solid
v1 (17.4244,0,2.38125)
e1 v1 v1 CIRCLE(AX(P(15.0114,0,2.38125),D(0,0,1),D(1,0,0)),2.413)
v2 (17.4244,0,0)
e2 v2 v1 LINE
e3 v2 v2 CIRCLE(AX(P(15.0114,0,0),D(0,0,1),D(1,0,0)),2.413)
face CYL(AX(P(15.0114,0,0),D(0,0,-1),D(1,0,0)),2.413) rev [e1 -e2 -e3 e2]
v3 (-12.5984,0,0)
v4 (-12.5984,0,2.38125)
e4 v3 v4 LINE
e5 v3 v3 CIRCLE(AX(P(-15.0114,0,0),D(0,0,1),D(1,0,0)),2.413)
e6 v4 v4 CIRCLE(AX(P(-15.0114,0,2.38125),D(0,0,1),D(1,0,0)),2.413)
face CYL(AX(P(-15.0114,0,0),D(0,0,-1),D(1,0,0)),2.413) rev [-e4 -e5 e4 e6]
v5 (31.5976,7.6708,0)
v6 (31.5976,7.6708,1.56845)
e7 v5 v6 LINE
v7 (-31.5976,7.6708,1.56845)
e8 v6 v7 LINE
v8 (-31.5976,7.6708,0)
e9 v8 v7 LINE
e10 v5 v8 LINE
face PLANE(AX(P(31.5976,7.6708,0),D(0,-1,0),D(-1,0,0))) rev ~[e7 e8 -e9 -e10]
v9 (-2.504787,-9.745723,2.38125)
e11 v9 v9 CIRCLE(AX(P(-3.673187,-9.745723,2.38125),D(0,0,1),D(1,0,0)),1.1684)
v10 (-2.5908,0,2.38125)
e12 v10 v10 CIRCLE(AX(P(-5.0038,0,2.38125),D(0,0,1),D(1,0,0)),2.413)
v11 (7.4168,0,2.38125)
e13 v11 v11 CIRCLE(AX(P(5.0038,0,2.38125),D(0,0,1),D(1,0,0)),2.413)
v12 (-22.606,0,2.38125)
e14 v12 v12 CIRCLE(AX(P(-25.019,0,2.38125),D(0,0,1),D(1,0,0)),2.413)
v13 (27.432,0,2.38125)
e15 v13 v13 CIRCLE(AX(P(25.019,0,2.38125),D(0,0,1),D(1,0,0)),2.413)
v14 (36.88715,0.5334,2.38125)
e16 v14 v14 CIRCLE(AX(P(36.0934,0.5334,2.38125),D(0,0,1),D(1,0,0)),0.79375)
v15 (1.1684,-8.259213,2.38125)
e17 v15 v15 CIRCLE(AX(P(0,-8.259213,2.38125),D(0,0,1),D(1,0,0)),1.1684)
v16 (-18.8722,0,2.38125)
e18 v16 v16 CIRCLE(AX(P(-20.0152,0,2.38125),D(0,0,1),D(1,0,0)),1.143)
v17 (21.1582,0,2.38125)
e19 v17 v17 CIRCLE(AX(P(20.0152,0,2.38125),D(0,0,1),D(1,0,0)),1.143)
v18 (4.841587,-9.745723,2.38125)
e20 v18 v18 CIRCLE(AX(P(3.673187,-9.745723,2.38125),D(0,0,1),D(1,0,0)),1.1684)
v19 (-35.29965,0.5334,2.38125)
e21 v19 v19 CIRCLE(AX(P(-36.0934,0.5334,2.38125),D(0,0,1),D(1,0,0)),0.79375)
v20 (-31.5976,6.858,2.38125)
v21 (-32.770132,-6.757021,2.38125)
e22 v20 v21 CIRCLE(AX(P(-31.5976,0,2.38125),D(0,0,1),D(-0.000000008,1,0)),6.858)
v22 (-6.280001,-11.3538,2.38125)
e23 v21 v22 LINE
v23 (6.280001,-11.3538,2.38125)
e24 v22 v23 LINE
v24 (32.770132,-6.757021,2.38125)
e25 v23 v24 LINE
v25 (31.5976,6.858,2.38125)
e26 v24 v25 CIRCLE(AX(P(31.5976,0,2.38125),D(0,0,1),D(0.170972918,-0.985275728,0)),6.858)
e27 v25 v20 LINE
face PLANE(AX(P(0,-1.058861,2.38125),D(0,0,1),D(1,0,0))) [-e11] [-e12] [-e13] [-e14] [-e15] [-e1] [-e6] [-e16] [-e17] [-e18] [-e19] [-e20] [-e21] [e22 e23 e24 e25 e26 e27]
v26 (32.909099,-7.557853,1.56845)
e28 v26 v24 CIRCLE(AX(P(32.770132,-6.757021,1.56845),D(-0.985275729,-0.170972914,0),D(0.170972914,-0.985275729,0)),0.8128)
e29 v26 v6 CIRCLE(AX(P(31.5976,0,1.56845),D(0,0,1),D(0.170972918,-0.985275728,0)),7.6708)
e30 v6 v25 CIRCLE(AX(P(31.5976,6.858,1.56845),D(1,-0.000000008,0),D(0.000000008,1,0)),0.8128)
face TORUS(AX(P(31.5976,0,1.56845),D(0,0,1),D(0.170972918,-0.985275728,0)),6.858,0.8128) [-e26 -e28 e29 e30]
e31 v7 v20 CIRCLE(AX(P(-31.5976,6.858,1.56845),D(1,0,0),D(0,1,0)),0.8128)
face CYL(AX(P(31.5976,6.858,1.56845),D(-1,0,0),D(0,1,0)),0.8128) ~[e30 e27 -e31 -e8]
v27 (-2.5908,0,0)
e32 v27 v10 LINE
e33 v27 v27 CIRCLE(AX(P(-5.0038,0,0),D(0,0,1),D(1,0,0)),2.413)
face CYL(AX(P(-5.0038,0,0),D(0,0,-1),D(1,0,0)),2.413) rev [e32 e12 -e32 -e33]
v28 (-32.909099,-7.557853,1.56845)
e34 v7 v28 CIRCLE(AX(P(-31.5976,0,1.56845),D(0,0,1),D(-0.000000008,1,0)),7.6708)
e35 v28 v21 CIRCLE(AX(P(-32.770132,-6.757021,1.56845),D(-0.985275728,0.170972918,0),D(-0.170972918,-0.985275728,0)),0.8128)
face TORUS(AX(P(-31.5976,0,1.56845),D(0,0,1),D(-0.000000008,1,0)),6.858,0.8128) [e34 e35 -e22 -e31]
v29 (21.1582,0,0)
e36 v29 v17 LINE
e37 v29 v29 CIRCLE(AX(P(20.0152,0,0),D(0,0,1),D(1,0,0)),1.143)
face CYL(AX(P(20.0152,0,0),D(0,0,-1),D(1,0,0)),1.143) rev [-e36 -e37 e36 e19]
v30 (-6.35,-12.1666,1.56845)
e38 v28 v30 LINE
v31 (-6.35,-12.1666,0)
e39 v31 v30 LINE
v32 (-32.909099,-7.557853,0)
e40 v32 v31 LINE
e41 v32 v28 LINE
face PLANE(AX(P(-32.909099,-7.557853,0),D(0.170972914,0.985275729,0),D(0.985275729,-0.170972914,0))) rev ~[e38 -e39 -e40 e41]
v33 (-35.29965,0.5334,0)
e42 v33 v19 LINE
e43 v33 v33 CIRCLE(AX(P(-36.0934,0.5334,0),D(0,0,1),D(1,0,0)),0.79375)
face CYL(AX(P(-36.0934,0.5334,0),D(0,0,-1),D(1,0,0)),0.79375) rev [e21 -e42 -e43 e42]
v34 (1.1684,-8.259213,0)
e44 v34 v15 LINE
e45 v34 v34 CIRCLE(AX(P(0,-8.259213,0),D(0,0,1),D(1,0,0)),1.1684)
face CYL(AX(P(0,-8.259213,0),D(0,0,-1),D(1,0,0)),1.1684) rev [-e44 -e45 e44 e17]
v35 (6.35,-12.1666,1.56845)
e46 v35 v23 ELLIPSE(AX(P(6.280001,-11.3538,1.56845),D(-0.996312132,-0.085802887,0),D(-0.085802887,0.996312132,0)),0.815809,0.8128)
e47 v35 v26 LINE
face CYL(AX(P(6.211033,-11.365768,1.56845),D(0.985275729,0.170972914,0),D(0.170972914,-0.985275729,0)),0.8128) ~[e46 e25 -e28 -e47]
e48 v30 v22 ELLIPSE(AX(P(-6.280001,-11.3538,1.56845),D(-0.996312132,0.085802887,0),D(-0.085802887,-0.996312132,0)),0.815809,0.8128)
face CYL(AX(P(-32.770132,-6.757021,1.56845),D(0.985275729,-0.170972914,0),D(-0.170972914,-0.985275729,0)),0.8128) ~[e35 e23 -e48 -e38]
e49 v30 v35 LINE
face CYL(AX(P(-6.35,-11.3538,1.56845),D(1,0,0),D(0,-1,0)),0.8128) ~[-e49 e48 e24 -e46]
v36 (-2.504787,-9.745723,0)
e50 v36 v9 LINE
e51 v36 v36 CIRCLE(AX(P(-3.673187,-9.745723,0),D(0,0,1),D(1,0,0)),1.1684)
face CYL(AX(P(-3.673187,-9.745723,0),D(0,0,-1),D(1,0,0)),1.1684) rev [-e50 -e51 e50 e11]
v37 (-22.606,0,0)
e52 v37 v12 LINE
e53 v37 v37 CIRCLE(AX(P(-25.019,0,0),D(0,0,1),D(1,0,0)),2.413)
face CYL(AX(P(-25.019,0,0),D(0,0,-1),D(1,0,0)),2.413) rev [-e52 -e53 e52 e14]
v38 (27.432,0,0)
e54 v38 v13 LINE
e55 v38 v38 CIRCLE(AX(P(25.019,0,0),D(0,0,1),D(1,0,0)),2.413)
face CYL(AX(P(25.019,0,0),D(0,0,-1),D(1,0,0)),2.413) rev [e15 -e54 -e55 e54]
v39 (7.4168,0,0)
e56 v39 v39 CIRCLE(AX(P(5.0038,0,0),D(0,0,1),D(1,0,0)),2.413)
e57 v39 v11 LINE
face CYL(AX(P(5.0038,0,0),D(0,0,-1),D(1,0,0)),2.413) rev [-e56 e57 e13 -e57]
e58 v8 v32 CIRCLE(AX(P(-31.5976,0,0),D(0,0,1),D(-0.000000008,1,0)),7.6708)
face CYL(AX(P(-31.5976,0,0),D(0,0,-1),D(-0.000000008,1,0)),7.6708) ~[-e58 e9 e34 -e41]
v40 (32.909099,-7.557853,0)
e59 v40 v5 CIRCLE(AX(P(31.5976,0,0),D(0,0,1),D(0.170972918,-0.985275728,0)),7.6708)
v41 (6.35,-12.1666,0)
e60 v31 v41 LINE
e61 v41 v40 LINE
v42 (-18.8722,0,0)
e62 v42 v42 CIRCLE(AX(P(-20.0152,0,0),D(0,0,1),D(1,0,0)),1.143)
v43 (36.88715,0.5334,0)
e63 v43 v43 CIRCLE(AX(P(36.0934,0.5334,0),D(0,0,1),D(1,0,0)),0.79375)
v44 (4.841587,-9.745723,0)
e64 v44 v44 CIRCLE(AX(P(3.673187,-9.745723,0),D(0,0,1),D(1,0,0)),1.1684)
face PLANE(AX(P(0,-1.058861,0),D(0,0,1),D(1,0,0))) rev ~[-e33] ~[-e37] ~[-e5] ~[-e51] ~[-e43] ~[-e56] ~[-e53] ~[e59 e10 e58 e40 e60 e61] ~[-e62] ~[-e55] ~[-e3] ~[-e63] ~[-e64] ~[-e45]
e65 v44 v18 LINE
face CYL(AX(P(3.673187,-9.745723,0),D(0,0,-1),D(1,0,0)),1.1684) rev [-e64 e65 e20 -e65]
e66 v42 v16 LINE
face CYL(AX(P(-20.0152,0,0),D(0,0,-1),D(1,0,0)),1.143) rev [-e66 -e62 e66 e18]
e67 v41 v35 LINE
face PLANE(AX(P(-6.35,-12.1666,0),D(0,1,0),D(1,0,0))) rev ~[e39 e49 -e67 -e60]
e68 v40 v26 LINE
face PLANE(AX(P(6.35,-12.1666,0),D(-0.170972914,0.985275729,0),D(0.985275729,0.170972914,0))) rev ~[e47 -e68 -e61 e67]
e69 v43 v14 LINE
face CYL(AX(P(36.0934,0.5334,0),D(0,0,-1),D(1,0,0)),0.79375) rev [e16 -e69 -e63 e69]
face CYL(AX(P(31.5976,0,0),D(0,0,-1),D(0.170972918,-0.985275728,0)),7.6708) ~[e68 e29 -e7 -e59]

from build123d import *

# Parameters (mm, degrees)
F0_R     = 1.1684
F0_R_2   = 2.413
F0_R_3   = 1.143
F0_R_4   = 0.79375
F1_DEPTH = 2.38125
F2_R     = 0.8128


with BuildPart() as f1:
    # F0 (on Top) → F1 (new body)
    with BuildSketch(Plane.XY):
        with BuildLine():
            Line((31.5976, 7.6708), (0, 7.6708))
            Line((0, 7.6708), (-31.5976, 7.6708))
            ThreePointArc((-31.5976, 7.6708), (-39.240111, 0.658177), (-32.909099, -7.557853))
            Line((-32.909099, -7.557853), (-6.35, -12.1666))
            Line((-6.35, -12.1666), (6.35, -12.1666))
            Line((6.35, -12.1666), (32.909099, -7.557853))
            ThreePointArc((32.909099, -7.557853), (39.240111, 0.658177), (31.5976, 7.6708))
        make_face()
        with Locations((-3.673187, -9.745723)):
            Circle(F0_R, mode=Mode.SUBTRACT)
        with Locations((3.673187, -9.745723)):
            Circle(F0_R, mode=Mode.SUBTRACT)
        with Locations((0, -8.259213)):
            Circle(F0_R, mode=Mode.SUBTRACT)
        with Locations((-25.019, 0)):
            Circle(F0_R_2, mode=Mode.SUBTRACT)
        with Locations((-20.0152, 0)):
            Circle(F0_R_3, mode=Mode.SUBTRACT)
        with Locations((-36.0934, 0.5334)):
            Circle(F0_R_4, mode=Mode.SUBTRACT)
        with Locations((-15.0114, 0)):
            Circle(F0_R_2, mode=Mode.SUBTRACT)
        with Locations((-5.0038, 0)):
            Circle(F0_R_2, mode=Mode.SUBTRACT)
        with Locations((5.0038, 0)):
            Circle(F0_R_2, mode=Mode.SUBTRACT)
        with Locations((15.0114, 0)):
            Circle(F0_R_2, mode=Mode.SUBTRACT)
        with Locations((20.0152, 0)):
            Circle(F0_R_3, mode=Mode.SUBTRACT)
        with Locations((25.019, 0)):
            Circle(F0_R_2, mode=Mode.SUBTRACT)
        with Locations((36.0934, 0.5334)):
            Circle(F0_R_4, mode=Mode.SUBTRACT)
    extrude(amount=F1_DEPTH)

    # F2
    f2_edges = [f1.edges().sort_by_distance(p)[0] for p in [
        (-39.240111, 0.658177, 2.38125),
        (-19.629549, -9.862227, 2.38125),
        (0, -12.1666, 2.38125),
    ]]
    fillet(f2_edges, radius=F2_R)


solid = f1.part
